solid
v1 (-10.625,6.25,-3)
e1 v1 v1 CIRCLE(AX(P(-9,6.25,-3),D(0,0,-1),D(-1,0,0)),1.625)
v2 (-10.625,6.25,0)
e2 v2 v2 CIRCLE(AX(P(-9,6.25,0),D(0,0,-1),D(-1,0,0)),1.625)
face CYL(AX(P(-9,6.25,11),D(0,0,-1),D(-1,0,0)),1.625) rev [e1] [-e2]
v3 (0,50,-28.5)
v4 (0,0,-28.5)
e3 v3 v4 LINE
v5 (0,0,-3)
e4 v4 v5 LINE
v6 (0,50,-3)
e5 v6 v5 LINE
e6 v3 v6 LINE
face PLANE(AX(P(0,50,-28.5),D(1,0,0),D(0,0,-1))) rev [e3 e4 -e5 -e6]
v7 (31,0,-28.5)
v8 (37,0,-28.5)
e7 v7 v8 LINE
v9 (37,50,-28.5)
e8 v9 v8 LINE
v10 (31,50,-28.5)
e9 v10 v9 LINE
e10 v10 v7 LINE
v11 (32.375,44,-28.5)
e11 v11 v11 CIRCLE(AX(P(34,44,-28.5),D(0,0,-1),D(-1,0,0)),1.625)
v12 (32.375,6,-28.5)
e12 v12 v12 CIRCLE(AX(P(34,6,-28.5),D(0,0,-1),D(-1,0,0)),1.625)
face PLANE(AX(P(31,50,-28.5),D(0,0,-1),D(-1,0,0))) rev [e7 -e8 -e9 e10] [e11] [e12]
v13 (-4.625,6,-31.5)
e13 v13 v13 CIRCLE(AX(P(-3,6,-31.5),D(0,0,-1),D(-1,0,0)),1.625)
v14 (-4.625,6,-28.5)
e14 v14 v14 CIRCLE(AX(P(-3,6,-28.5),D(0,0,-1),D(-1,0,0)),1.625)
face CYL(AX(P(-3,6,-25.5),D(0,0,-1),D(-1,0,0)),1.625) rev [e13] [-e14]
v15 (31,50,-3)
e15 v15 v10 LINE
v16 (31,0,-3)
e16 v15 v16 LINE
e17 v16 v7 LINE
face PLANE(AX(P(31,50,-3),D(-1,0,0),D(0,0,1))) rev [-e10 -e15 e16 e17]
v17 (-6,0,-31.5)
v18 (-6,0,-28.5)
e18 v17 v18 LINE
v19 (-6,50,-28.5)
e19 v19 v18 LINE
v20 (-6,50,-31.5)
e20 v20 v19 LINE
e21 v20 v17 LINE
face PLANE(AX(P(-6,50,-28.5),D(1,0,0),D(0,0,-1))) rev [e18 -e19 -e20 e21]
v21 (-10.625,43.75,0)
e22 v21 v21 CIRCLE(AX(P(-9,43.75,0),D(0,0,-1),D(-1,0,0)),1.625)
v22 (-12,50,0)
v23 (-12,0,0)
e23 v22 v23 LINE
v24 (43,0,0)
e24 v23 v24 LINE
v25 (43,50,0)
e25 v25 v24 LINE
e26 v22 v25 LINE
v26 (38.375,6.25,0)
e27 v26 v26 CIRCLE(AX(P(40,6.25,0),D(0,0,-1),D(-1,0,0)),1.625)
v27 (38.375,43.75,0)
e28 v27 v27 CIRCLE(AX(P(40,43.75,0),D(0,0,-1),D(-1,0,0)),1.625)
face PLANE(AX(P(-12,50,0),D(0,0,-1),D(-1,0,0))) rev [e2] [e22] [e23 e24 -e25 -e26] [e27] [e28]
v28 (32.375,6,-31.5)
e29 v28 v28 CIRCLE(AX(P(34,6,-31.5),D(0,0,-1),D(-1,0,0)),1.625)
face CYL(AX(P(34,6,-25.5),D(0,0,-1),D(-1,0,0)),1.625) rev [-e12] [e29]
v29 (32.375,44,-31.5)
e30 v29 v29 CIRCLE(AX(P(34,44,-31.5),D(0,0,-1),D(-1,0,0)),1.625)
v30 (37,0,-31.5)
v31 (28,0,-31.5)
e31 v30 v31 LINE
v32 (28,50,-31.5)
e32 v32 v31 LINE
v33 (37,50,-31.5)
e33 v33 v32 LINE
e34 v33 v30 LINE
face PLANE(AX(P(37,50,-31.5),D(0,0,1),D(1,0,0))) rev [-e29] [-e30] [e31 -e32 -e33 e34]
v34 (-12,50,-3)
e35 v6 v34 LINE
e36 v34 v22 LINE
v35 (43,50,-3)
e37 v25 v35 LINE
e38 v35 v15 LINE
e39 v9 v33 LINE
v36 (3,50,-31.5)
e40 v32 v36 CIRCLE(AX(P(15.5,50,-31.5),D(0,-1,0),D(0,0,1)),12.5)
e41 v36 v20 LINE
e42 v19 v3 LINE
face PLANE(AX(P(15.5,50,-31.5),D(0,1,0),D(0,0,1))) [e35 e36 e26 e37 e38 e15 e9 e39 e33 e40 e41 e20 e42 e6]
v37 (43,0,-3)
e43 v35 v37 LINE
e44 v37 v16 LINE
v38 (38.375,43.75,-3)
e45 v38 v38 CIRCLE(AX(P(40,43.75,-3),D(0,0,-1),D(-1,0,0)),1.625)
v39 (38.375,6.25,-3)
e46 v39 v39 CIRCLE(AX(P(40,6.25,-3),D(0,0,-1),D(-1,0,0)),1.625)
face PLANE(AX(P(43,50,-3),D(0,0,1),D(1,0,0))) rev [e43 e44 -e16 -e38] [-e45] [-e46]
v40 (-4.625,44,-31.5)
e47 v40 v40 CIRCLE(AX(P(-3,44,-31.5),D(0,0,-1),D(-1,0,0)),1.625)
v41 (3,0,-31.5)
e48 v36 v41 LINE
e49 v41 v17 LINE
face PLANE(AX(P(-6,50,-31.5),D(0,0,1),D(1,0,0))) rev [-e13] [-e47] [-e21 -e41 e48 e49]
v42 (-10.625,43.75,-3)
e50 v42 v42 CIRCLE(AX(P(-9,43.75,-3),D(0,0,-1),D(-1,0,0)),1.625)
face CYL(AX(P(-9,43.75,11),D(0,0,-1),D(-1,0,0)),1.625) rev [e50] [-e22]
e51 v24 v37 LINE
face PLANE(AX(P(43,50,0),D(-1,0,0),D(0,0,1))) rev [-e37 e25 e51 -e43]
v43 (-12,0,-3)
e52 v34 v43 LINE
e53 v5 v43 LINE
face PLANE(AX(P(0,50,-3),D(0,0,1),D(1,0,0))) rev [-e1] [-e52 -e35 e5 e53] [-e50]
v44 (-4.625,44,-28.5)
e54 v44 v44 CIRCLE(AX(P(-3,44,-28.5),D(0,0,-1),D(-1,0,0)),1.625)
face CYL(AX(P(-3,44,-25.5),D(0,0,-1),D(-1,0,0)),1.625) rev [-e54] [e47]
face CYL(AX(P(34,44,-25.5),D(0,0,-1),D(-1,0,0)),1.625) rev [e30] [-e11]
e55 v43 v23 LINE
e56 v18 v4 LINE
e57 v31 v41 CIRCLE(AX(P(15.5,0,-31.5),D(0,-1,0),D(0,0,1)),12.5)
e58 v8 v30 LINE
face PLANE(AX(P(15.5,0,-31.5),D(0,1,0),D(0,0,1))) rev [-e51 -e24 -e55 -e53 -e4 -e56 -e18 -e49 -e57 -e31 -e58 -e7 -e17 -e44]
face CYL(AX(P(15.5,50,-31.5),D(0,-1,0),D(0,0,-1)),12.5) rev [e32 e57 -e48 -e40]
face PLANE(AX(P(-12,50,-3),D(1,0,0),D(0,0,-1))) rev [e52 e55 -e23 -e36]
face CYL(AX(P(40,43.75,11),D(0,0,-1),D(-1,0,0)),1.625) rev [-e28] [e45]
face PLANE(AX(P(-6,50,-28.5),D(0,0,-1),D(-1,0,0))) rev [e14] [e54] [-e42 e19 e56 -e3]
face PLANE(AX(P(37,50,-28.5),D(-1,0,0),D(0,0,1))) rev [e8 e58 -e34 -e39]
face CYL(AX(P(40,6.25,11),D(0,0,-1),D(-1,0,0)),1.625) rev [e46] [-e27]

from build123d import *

# Parameters (mm, degrees)
BOSS_EXTRU_2_DEPTH      = 50
ESQUISSE2_R             = 1.625
ENL_V_MAT_EXTRU_2_DEPTH = 6
ESQUISSE4_R             = 1.625
ENL_V_MAT_EXTRU_3_DEPTH = 14
ESQUISSE3_R             = 1.625
ENL_V_MAT_EXTRU_4_DEPTH = 14


with BuildPart() as part:
    # Esquisse1 → Boss.-Extru.2 (new body)
    with BuildSketch(Plane(origin=(0, 0, 0), x_dir=(1, 0, 0), z_dir=(0, 1, 0))):
        with BuildLine():
            Line((-6, 28.5), (-6, 31.5))
            Line((-6, 31.5), (3, 31.5))
            ThreePointArc((3, 31.5), (15.5, 19), (28, 31.5))
            Line((28, 31.5), (37, 31.5))
            Line((37, 31.5), (37, 28.5))
            Line((37, 28.5), (31, 28.5))
            Line((31, 28.5), (31, 3))
            Line((31, 3), (43, 3))
            Line((43, 3), (43, 0))
            Line((43, 0), (-12, 0))
            Line((-12, 0), (-12, 3))
            Line((-12, 3), (0, 3))
            Line((0, 3), (0, 28.5))
            Line((0, 28.5), (-6, 28.5))
        make_face()
    extrude(amount=BOSS_EXTRU_2_DEPTH)

    # Esquisse2 → Enlèv. mat.-Extru.2 (cut)
    with BuildSketch(Plane(origin=(0, 0, -31.5), x_dir=(-1, 0, 0), z_dir=(0, 0, -1))):
        with Locations((3, 44)):
            Circle(ESQUISSE2_R)
        with Locations((3, 6)):
            Circle(ESQUISSE2_R)
        with Locations((-34, 44)):
            Circle(ESQUISSE2_R)
        with Locations((-34, 6)):
            Circle(ESQUISSE2_R)
    extrude(amount=-ENL_V_MAT_EXTRU_2_DEPTH, mode=Mode.SUBTRACT)

    # Esquisse4 → Enlèv. mat.-Extru.3 (cut)
    with BuildSketch(Plane(origin=(0, 0, -3), x_dir=(-1, 0, 0), z_dir=(0, 0, -1))):
        with Locations((9, 6.25)):
            Circle(ESQUISSE4_R)
        with Locations((9, 43.75)):
            Circle(ESQUISSE4_R)
    extrude(amount=-ENL_V_MAT_EXTRU_3_DEPTH, mode=Mode.SUBTRACT)

    # Esquisse3 → Enlèv. mat.-Extru.4 (cut)
    with BuildSketch(Plane(origin=(0, 0, -3), x_dir=(-1, 0, 0), z_dir=(0, 0, -1))):
        with Locations((-40, 6.25)):
            Circle(ESQUISSE3_R)
        with Locations((-40, 43.75)):
            Circle(ESQUISSE3_R)
    extrude(amount=-ENL_V_MAT_EXTRU_4_DEPTH, mode=Mode.SUBTRACT)


solid = part.part
